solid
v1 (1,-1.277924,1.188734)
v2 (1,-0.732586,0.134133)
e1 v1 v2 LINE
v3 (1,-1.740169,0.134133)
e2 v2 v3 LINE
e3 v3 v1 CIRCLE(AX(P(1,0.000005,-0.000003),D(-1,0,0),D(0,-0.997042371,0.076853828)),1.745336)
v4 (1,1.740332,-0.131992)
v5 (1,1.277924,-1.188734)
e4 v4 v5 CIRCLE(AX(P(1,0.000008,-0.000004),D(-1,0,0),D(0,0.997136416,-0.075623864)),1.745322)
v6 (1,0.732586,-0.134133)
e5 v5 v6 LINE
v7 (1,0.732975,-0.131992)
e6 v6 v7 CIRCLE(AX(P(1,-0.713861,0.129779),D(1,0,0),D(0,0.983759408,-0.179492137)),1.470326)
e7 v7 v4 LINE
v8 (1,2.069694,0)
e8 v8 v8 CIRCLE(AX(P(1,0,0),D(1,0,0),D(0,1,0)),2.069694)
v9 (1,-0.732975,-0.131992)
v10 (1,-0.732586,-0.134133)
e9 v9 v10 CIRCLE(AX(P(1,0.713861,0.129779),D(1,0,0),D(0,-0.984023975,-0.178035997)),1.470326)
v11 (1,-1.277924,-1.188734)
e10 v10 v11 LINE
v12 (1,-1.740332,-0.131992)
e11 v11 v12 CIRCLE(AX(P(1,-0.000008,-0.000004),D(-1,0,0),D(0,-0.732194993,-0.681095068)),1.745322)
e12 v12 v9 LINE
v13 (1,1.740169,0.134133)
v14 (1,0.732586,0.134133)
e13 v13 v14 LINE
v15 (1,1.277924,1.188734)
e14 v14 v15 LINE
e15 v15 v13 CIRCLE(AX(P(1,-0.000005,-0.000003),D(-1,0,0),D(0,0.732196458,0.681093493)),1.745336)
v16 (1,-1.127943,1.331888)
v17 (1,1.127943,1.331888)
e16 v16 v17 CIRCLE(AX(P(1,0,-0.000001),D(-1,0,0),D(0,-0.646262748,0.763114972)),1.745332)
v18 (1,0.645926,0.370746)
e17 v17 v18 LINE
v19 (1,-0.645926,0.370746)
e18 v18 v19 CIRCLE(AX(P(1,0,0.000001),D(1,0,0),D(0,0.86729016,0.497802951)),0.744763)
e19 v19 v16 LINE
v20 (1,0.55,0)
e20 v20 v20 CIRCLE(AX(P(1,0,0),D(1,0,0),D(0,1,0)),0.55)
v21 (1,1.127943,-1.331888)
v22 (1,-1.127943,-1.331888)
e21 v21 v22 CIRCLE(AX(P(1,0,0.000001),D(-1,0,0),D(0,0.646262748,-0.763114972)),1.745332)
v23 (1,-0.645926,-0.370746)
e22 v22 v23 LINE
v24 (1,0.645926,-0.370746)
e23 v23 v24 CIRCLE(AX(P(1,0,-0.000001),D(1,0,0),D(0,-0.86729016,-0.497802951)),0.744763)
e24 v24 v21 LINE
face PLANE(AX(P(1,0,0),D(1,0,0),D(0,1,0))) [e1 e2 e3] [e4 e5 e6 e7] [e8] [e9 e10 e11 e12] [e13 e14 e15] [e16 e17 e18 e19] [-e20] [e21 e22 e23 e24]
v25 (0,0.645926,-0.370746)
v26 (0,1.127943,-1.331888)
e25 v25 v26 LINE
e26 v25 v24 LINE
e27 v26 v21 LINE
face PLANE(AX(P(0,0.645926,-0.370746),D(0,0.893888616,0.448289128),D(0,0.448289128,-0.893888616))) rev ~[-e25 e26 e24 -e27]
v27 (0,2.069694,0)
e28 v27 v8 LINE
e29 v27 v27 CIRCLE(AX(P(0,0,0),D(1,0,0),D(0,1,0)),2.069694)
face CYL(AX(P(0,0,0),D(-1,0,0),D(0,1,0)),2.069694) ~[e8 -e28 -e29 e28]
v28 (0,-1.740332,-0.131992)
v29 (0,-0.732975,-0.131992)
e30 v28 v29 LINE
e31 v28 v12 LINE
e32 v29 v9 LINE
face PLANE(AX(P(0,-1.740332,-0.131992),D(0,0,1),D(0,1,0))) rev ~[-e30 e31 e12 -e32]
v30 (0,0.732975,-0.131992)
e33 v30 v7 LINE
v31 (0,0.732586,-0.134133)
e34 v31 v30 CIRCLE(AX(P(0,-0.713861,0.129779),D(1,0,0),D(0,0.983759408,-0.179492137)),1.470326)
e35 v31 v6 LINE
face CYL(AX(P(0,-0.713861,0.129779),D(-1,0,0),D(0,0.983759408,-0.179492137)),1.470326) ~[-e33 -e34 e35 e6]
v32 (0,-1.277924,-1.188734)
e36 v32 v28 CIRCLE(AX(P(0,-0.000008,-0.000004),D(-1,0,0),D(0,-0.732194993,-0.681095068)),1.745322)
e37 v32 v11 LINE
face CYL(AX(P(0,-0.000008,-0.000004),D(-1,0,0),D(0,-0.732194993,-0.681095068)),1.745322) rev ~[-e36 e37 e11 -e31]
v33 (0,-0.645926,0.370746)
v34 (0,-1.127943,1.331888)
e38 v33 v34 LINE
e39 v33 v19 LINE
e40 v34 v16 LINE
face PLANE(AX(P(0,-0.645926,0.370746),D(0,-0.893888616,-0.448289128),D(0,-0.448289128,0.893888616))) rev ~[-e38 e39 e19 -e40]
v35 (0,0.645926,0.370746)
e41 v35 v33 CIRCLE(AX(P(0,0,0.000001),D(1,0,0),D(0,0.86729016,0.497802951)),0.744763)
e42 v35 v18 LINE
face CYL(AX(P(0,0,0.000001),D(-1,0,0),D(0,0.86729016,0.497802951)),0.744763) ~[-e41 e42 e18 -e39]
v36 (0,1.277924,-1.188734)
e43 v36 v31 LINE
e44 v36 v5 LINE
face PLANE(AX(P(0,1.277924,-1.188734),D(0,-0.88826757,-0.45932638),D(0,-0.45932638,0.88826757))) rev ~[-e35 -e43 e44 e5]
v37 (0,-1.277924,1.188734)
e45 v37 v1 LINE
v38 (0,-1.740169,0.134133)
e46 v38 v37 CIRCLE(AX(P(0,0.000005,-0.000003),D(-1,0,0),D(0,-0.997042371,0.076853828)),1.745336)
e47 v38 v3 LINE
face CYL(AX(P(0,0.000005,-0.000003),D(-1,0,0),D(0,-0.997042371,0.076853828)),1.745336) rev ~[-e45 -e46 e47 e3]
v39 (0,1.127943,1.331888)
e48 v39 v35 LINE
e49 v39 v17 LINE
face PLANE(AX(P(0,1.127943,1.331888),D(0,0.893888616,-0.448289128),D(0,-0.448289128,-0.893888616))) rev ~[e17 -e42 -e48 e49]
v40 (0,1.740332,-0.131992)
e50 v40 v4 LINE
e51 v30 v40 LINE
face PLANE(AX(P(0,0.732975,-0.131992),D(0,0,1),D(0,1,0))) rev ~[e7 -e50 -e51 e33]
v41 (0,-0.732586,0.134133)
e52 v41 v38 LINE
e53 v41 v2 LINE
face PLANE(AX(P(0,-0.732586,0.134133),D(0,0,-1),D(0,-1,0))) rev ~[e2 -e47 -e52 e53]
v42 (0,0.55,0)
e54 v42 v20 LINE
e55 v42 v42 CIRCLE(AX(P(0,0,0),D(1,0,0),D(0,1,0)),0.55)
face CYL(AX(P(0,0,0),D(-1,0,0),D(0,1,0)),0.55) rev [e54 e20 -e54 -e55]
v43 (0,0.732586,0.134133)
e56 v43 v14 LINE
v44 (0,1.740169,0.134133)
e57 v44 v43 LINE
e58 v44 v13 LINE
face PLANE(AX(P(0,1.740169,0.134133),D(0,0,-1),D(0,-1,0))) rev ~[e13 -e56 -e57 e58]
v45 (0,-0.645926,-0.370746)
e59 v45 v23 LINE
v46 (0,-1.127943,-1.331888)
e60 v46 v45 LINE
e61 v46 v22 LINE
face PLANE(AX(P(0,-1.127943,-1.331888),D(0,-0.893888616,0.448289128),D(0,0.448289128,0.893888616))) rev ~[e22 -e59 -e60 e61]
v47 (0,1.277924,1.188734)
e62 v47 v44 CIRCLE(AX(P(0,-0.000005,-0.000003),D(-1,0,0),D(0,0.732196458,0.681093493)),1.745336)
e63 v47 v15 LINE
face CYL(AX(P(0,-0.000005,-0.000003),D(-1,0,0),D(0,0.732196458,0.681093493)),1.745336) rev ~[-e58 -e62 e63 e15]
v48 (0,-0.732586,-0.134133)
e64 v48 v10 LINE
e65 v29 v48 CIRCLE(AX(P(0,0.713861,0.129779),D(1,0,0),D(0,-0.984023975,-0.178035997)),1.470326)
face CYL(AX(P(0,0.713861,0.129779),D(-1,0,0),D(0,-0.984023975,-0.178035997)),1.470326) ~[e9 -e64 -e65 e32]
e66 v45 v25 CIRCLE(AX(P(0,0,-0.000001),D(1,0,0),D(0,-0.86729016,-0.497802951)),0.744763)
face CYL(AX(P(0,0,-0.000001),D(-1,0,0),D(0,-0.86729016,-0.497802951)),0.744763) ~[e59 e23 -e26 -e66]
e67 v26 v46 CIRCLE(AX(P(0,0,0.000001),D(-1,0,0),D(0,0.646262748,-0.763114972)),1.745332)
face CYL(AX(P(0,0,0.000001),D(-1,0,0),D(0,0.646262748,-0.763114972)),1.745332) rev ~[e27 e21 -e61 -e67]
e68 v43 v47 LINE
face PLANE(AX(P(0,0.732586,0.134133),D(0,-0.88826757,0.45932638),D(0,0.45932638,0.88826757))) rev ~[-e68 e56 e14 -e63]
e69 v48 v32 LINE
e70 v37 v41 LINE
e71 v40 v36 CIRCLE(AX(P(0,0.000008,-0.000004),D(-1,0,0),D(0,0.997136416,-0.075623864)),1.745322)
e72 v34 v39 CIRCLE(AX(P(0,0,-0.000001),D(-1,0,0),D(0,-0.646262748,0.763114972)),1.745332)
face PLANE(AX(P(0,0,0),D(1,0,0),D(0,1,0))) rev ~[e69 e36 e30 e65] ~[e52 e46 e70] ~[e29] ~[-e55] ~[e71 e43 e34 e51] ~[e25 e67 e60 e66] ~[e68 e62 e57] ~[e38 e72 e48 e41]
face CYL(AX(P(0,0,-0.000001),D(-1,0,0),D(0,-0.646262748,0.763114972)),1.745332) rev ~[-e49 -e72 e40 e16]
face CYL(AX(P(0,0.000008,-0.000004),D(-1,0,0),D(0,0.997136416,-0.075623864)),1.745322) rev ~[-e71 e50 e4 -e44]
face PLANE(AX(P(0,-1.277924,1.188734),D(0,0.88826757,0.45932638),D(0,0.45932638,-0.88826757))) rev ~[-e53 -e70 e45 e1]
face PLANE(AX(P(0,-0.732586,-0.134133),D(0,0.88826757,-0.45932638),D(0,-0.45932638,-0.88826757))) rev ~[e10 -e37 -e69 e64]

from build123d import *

# Parameters (mm, degrees)
F0_R     = 2.069694
F0_R_2   = 0.55
F1_DEPTH = 1


with BuildPart() as f1:
    # F0 (on Right) → F1 (new body)
    with BuildSketch(Plane.YZ):
        Circle(F0_R)
        with BuildLine():
            Line((-1.740332, -0.131992), (-0.732975, -0.131992))
            ThreePointArc((-0.732975, -0.131992), (-0.732781, -0.133062), (-0.732586, -0.134133))
            Line((-0.732586, -0.134133), (-1.277924, -1.188734))
            ThreePointArc((-1.277924, -1.188734), (-1.598951, -0.699668), (-1.740332, -0.131992))
        make_face(mode=Mode.SUBTRACT)
        with BuildLine():
            Line((-1.127943, -1.331888), (-0.645926, -0.370746))
            ThreePointArc((-0.645926, -0.370746), (0, -0.744764), (0.645926, -0.370746))
            Line((0.645926, -0.370746), (1.127943, -1.331888))
            ThreePointArc((1.127943, -1.331888), (0, -1.745331), (-1.127943, -1.331888))
        make_face(mode=Mode.SUBTRACT)
        with BuildLine():
            ThreePointArc((0.732586, -0.134133), (0.732781, -0.133062), (0.732975, -0.131992))
            Line((0.732975, -0.131992), (1.740332, -0.131992))
            ThreePointArc((1.740332, -0.131992), (1.598951, -0.699668), (1.277924, -1.188734))
            Line((1.277924, -1.188734), (0.732586, -0.134133))
        make_face(mode=Mode.SUBTRACT)
        with BuildLine():
            ThreePointArc((-1.740169, 0.134133), (-1.59852, 0.700651), (-1.277924, 1.188734))
            Line((-1.277924, 1.188734), (-0.732586, 0.134133))
            Line((-0.732586, 0.134133), (-1.740169, 0.134133))
        make_face(mode=Mode.SUBTRACT)
        Circle(F0_R_2, mode=Mode.SUBTRACT)
        with BuildLine():
            Line((1.740169, 0.134133), (0.732586, 0.134133))
            Line((0.732586, 0.134133), (1.277924, 1.188734))
            ThreePointArc((1.277924, 1.188734), (1.59852, 0.700651), (1.740169, 0.134133))
        make_face(mode=Mode.SUBTRACT)
        with BuildLine():
            Line((1.127943, 1.331888), (0.645926, 0.370746))
            ThreePointArc((0.645926, 0.370746), (0, 0.744764), (-0.645926, 0.370746))
            Line((-0.645926, 0.370746), (-1.127943, 1.331888))
            ThreePointArc((-1.127943, 1.331888), (0, 1.745331), (1.127943, 1.331888))
        make_face(mode=Mode.SUBTRACT)
    extrude(amount=F1_DEPTH)


solid = f1.part
